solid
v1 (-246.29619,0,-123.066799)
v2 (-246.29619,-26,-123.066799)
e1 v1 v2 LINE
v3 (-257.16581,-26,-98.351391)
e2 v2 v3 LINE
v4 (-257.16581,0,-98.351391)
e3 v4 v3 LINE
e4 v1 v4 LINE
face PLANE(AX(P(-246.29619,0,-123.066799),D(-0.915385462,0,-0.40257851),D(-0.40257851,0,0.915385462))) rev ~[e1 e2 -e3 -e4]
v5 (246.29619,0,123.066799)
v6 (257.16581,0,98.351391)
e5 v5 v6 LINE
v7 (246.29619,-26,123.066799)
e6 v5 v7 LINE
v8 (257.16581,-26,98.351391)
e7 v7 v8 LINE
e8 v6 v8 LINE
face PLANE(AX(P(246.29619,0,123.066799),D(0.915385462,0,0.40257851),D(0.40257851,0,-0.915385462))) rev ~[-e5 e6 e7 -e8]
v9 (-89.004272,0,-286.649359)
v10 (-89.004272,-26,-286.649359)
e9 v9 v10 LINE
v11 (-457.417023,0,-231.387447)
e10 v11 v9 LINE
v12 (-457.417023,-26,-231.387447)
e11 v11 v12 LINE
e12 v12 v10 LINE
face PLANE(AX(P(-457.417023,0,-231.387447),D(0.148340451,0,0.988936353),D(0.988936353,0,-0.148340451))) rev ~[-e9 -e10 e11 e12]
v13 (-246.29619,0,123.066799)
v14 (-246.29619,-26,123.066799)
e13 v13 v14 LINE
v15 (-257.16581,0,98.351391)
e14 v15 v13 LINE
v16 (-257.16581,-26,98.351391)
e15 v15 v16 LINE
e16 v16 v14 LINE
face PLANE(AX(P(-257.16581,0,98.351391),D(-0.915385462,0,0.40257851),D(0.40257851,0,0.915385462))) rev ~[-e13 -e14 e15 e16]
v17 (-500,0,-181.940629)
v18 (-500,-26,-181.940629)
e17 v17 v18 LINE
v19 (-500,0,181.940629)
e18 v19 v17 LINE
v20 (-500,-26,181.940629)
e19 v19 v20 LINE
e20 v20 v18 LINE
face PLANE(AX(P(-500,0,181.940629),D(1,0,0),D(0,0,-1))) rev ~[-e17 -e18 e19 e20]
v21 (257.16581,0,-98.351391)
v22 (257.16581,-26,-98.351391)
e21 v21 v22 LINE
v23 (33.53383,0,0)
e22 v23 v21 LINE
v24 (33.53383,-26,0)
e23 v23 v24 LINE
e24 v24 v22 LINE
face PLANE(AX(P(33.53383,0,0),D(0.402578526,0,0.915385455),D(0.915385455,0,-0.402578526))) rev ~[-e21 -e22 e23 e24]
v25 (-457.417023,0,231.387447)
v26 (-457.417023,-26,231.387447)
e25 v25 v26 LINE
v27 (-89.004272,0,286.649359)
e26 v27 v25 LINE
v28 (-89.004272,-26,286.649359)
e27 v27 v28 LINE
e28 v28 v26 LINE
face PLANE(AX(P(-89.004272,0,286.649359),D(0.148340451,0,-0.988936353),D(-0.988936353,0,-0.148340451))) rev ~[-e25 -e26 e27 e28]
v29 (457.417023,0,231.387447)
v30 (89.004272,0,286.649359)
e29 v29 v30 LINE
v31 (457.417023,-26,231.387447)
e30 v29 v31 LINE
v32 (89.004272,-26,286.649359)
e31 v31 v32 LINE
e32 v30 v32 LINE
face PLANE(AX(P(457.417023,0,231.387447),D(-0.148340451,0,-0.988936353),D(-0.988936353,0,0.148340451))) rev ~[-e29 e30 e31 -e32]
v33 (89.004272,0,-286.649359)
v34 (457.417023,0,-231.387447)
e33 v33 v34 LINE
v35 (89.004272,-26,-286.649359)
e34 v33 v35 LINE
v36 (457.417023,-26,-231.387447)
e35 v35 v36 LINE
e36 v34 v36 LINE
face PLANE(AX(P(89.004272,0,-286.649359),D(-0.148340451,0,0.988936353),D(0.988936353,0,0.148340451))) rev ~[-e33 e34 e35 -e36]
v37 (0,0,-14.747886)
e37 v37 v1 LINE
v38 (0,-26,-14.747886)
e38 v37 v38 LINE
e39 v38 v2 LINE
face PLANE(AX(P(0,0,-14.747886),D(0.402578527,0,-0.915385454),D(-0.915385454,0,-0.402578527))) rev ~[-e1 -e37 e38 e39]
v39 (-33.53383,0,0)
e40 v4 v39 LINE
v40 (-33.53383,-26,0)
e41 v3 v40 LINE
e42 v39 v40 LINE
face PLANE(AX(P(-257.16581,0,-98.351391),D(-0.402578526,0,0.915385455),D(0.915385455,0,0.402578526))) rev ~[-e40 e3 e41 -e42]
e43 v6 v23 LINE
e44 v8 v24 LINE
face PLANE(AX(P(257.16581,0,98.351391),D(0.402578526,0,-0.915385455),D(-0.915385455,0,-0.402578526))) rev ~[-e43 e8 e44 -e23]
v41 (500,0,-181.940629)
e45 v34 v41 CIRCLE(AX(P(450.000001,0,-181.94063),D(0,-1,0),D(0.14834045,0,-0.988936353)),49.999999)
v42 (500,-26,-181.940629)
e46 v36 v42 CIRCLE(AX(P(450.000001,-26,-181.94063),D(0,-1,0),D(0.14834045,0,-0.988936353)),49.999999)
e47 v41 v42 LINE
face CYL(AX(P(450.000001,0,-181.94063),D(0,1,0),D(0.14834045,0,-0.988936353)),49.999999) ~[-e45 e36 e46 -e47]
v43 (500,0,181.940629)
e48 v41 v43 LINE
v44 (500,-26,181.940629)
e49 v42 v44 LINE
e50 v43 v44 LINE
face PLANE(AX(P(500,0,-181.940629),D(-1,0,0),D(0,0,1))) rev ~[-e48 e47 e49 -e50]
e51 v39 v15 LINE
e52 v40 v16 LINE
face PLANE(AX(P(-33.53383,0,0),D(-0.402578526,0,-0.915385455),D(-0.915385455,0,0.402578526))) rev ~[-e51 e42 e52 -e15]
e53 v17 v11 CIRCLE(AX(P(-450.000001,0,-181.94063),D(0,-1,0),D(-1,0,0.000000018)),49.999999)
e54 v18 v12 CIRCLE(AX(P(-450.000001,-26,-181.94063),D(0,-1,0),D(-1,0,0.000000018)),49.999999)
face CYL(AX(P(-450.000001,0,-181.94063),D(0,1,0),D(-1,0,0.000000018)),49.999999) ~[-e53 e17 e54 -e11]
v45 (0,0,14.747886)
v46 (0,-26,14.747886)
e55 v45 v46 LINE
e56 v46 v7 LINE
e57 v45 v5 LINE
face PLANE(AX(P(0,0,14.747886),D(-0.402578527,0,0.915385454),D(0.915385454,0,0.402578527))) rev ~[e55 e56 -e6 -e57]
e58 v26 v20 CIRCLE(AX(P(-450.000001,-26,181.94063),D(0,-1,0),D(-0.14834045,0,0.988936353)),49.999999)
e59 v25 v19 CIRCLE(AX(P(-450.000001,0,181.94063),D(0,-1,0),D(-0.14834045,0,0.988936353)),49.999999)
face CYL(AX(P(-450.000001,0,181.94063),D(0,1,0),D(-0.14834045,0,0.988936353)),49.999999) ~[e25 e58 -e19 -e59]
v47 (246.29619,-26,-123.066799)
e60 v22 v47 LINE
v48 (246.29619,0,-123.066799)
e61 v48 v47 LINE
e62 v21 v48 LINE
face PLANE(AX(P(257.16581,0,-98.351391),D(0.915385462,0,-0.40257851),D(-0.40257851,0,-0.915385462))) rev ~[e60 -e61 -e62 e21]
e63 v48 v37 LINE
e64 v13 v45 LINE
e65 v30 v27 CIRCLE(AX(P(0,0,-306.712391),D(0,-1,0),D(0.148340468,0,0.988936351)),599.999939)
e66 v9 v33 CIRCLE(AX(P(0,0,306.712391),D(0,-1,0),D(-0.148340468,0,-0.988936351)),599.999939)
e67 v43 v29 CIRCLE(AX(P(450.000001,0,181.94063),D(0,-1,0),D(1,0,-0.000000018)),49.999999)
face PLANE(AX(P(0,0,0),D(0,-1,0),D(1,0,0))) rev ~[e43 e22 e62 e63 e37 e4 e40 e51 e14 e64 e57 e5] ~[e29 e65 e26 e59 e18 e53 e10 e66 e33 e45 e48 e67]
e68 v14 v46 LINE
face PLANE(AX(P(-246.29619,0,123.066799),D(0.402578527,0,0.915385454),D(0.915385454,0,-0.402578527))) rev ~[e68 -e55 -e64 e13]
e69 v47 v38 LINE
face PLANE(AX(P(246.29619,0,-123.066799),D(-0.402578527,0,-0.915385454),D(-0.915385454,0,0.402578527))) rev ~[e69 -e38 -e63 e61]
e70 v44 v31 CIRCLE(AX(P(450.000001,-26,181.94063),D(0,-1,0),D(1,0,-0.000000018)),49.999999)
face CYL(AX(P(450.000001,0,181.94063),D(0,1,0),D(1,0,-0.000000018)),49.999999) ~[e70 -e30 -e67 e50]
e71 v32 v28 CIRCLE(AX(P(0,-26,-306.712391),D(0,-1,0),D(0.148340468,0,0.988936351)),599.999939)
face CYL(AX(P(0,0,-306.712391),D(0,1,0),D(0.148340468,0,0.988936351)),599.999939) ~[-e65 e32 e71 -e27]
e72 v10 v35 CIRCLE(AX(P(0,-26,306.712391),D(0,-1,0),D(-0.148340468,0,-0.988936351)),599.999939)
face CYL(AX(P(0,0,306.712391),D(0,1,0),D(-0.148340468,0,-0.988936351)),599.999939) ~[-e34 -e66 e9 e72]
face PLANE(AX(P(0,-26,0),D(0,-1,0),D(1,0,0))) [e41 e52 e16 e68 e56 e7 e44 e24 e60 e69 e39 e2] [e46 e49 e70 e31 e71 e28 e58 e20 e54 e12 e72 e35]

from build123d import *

# Parameters (mm, degrees)
F1_DEPTH = 26


with BuildPart() as f1:
    # F0 (on Front) → F1 (new body)
    with BuildSketch(Plane.XZ):
        with BuildLine():
            Line((-500, 181.940629), (-500, -181.940629))
            ThreePointArc((-500, -181.940629), (-487.887011, -214.568446), (-457.417023, -231.387447))
            Line((-457.417023, -231.387447), (-89.004272, -286.649359))
            ThreePointArc((-89.004272, -286.649359), (0, -293.287548), (89.004272, -286.649359))
            Line((89.004272, -286.649359), (457.417023, -231.387447))
            ThreePointArc((457.417023, -231.387447), (487.887011, -214.568446), (500, -181.940629))
            Line((500, -181.940629), (500, 181.940629))
            ThreePointArc((500, 181.940629), (487.887011, 214.568446), (457.417023, 231.387447))
            Line((457.417023, 231.387447), (89.004272, 286.649359))
            ThreePointArc((89.004272, 286.649359), (0, 293.287548), (-89.004272, 286.649359))
            Line((-89.004272, 286.649359), (-457.417023, 231.387447))
            ThreePointArc((-457.417023, 231.387447), (-487.887011, 214.568446), (-500, 181.940629))
        make_face()
        Polygon((-246.29619, 123.066799), (0, 14.747886), (246.29619, 123.066799), (257.16581, 98.351391), (33.53383, 0), (257.16581, -98.351391), (246.29619, -123.066799), (0, -14.747886), (-246.29619, -123.066799), (-257.16581, -98.351391), (-33.53383, 0), (-257.16581, 98.351391), align=None, mode=Mode.SUBTRACT)
    extrude(amount=F1_DEPTH)


solid = f1.part
